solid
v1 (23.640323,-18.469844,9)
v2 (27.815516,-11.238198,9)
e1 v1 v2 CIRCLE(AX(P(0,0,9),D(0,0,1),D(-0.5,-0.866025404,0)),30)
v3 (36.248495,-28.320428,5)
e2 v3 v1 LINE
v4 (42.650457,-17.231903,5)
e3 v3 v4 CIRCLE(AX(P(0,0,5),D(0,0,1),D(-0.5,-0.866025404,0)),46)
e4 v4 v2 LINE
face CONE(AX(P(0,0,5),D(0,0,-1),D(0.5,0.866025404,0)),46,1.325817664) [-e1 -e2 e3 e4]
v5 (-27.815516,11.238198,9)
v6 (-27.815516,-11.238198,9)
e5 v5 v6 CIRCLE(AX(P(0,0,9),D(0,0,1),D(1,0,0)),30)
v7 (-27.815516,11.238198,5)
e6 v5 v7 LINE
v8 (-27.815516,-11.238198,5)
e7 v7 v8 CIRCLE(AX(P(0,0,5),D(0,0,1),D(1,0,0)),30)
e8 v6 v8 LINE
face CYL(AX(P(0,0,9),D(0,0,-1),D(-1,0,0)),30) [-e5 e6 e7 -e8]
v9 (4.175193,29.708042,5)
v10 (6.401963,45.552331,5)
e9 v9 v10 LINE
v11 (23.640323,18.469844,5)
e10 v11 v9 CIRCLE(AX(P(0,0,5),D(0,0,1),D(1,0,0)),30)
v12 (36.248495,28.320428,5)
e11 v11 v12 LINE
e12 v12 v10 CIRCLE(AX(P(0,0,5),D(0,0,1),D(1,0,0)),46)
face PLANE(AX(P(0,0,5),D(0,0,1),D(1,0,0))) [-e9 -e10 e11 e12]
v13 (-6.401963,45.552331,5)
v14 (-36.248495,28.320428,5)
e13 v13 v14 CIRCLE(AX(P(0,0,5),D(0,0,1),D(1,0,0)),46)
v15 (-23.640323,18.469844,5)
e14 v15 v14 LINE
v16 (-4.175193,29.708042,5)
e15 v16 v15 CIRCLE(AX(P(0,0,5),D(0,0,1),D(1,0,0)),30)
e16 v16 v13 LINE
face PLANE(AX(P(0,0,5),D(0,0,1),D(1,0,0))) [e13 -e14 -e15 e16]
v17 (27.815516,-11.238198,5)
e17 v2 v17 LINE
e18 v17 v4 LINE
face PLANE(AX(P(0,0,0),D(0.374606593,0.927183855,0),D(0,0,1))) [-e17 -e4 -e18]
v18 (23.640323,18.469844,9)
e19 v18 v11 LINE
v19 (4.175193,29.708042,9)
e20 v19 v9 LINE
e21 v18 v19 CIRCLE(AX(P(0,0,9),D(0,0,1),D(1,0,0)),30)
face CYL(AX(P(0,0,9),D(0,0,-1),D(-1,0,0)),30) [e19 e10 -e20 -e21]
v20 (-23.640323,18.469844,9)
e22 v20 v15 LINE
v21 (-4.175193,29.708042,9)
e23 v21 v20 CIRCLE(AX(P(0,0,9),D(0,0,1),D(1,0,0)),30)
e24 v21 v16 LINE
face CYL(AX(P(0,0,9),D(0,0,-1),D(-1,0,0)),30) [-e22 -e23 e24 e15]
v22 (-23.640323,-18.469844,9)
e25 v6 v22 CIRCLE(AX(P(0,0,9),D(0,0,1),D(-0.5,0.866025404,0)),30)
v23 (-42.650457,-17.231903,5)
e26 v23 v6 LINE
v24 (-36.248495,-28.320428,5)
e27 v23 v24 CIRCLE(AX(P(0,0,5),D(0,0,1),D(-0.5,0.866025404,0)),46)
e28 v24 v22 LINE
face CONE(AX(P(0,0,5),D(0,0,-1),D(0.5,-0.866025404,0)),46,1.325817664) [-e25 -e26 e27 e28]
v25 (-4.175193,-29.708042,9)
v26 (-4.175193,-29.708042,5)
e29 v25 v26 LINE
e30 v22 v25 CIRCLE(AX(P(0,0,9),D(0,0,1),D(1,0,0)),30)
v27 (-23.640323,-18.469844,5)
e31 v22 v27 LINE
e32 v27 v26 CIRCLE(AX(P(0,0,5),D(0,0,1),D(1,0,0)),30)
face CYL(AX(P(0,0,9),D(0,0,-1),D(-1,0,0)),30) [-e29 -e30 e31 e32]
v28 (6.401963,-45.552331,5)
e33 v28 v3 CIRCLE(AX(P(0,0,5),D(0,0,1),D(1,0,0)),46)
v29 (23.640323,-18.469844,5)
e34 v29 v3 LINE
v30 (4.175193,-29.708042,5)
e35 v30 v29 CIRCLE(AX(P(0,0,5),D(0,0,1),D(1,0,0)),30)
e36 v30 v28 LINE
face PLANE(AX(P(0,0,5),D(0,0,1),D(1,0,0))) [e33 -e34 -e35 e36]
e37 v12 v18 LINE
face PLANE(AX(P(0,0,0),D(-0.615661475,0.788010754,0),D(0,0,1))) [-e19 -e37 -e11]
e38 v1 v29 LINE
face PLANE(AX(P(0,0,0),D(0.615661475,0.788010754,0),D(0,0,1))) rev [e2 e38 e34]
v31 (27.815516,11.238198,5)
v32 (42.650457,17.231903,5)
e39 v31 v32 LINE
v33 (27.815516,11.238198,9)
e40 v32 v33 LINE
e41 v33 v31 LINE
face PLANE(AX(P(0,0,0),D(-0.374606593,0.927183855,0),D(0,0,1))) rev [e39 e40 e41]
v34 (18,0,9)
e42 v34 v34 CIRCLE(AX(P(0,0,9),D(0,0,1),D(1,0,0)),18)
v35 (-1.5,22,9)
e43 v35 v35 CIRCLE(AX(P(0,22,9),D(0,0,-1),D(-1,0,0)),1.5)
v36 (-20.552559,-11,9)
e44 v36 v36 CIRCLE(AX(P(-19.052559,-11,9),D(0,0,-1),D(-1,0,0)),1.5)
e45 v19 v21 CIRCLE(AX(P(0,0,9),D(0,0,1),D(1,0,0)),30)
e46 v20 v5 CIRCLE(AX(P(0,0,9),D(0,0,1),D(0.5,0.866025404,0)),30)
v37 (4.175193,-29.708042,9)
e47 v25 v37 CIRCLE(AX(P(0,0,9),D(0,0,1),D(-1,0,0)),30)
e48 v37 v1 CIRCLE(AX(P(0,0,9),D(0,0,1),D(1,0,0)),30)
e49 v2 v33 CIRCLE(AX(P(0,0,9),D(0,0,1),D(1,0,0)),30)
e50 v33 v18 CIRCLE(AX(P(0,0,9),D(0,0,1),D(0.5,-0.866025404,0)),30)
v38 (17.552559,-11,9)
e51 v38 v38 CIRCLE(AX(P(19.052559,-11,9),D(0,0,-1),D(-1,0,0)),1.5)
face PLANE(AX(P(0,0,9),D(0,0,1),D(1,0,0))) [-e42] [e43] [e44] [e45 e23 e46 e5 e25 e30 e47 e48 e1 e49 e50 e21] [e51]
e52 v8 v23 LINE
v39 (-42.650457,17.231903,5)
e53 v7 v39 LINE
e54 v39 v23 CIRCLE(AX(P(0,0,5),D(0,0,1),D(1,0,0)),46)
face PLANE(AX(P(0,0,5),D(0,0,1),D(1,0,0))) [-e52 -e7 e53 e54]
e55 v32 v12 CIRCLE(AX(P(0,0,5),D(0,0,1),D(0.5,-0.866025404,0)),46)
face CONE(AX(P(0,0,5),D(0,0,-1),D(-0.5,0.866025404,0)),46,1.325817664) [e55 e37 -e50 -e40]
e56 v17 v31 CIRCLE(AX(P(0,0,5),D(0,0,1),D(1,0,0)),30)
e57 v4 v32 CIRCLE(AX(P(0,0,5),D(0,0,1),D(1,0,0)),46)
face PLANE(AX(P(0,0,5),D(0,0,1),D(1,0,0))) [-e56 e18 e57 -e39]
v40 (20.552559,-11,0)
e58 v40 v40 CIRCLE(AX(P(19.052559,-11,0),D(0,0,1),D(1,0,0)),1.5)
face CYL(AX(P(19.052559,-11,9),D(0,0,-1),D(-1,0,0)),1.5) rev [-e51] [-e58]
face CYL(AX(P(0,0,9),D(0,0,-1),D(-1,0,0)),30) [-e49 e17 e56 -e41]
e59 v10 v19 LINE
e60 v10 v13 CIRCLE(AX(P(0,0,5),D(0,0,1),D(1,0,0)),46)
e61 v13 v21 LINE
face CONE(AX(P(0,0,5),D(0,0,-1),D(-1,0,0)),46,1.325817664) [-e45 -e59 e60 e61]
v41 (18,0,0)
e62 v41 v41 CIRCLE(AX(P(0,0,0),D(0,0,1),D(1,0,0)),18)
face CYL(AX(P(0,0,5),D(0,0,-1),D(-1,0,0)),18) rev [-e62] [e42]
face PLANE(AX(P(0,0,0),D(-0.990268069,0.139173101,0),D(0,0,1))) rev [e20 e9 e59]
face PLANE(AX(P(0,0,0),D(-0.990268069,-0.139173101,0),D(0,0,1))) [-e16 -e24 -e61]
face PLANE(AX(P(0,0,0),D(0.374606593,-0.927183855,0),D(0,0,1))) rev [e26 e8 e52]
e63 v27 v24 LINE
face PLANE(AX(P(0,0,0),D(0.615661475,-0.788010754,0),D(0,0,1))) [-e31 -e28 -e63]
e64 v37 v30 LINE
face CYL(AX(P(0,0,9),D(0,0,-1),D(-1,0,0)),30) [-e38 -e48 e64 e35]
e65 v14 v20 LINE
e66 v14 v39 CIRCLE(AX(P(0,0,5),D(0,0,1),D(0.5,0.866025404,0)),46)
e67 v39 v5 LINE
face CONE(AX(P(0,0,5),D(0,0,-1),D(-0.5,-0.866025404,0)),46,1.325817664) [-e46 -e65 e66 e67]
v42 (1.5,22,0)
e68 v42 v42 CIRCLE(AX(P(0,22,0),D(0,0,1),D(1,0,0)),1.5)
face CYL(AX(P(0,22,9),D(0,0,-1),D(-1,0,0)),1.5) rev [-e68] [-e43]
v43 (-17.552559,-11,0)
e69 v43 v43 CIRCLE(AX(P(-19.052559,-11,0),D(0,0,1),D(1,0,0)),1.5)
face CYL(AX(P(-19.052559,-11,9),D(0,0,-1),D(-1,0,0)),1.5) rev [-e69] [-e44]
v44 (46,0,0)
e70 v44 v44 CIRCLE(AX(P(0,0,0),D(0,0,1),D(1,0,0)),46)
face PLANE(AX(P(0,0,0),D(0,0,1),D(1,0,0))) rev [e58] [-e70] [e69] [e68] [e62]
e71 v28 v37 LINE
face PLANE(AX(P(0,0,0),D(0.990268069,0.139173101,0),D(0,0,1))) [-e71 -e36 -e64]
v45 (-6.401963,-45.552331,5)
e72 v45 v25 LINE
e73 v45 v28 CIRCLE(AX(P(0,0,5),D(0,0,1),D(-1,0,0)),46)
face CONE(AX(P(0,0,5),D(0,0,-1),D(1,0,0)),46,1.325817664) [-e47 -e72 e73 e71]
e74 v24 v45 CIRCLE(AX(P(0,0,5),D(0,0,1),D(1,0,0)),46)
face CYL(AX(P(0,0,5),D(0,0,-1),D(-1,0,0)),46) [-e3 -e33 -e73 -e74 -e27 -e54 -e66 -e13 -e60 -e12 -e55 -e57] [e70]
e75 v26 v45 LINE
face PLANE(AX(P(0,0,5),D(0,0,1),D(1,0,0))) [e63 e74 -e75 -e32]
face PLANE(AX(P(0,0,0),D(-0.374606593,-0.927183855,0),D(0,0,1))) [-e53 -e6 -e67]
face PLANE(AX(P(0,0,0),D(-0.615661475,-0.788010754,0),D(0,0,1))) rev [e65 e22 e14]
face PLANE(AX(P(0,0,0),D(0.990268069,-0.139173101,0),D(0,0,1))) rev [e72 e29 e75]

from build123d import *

# Parameters (mm, degrees)
SKETCH2_R               = 46
SKETCH2_R_2             = 18
BOSS_EXTRUDE2_DEPTH     = 5
SKETCH4_R               = 30
SKETCH4_R_2             = 18
BOSS_EXTRUDE3_DEPTH     = 4
SKETCH5_R               = 1.5
CUT_EXTRUDE1_DEPTH      = 66.673434507
CUT_EXTRUDE1_DEPTH_BACK = 66.673434507
REVOLVE1_ANGLE          = 16
CIRPATTERN1_COUNT       = 6


with BuildPart() as part:
    # Sketch2 → Boss-Extrude2 (new body)
    with BuildSketch(Plane.XY):
        Circle(SKETCH2_R)
        Circle(SKETCH2_R_2, mode=Mode.SUBTRACT)
    extrude(amount=BOSS_EXTRUDE2_DEPTH)

    # Sketch4 → Boss-Extrude3 (add)
    with BuildSketch(Plane.XY.offset(5)):
        Circle(SKETCH4_R)
        Circle(SKETCH4_R_2, mode=Mode.SUBTRACT)
    extrude(amount=BOSS_EXTRUDE3_DEPTH)

    # Sketch5 → Cut-Extrude1 (cut, two sides)
    with BuildSketch(Plane(origin=(0, 0, 0), x_dir=(-1, 0, 0), z_dir=(0, 0, -1))) as cut_extrude1_sk:
        with Locations((0, 22)):
            Circle(SKETCH5_R)
        with Locations((19.052558883, -11)):
            Circle(SKETCH5_R)
        with Locations((-19.052558883, -11)):
            Circle(SKETCH5_R)
    extrude(amount=CUT_EXTRUDE1_DEPTH, mode=Mode.SUBTRACT)
    extrude(cut_extrude1_sk.sketch, amount=-CUT_EXTRUDE1_DEPTH_BACK, mode=Mode.SUBTRACT)

    # Sketch6 → Revolve1 (revolve, symmetric)
    with BuildSketch(Plane(origin=(0, 0, 0), x_dir=(0, 0, -1), z_dir=(1, 0, 0))) as revolve1_sk:
        Polygon((-5, 30), (-9, 30), (-5, 46), align=None)
    revolve1 = revolve(axis=Axis((0, 0, 0), (0, 0, -1)), revolution_arc=REVOLVE1_ANGLE / 2)
    revolve1 = revolve1 + revolve(revolve1_sk.sketch, axis=Axis((0, 0, 0), (0, 0, 1)), revolution_arc=REVOLVE1_ANGLE / 2)

    # CirPattern1: Revolve1 ×6 about axis
    cirpattern1_axis = Axis((0, 0, 0), (0, 0, 1))
    for i in range(1, CIRPATTERN1_COUNT):
        add(revolve1.rotate(cirpattern1_axis, i * 360 / CIRPATTERN1_COUNT))


solid = part.part
